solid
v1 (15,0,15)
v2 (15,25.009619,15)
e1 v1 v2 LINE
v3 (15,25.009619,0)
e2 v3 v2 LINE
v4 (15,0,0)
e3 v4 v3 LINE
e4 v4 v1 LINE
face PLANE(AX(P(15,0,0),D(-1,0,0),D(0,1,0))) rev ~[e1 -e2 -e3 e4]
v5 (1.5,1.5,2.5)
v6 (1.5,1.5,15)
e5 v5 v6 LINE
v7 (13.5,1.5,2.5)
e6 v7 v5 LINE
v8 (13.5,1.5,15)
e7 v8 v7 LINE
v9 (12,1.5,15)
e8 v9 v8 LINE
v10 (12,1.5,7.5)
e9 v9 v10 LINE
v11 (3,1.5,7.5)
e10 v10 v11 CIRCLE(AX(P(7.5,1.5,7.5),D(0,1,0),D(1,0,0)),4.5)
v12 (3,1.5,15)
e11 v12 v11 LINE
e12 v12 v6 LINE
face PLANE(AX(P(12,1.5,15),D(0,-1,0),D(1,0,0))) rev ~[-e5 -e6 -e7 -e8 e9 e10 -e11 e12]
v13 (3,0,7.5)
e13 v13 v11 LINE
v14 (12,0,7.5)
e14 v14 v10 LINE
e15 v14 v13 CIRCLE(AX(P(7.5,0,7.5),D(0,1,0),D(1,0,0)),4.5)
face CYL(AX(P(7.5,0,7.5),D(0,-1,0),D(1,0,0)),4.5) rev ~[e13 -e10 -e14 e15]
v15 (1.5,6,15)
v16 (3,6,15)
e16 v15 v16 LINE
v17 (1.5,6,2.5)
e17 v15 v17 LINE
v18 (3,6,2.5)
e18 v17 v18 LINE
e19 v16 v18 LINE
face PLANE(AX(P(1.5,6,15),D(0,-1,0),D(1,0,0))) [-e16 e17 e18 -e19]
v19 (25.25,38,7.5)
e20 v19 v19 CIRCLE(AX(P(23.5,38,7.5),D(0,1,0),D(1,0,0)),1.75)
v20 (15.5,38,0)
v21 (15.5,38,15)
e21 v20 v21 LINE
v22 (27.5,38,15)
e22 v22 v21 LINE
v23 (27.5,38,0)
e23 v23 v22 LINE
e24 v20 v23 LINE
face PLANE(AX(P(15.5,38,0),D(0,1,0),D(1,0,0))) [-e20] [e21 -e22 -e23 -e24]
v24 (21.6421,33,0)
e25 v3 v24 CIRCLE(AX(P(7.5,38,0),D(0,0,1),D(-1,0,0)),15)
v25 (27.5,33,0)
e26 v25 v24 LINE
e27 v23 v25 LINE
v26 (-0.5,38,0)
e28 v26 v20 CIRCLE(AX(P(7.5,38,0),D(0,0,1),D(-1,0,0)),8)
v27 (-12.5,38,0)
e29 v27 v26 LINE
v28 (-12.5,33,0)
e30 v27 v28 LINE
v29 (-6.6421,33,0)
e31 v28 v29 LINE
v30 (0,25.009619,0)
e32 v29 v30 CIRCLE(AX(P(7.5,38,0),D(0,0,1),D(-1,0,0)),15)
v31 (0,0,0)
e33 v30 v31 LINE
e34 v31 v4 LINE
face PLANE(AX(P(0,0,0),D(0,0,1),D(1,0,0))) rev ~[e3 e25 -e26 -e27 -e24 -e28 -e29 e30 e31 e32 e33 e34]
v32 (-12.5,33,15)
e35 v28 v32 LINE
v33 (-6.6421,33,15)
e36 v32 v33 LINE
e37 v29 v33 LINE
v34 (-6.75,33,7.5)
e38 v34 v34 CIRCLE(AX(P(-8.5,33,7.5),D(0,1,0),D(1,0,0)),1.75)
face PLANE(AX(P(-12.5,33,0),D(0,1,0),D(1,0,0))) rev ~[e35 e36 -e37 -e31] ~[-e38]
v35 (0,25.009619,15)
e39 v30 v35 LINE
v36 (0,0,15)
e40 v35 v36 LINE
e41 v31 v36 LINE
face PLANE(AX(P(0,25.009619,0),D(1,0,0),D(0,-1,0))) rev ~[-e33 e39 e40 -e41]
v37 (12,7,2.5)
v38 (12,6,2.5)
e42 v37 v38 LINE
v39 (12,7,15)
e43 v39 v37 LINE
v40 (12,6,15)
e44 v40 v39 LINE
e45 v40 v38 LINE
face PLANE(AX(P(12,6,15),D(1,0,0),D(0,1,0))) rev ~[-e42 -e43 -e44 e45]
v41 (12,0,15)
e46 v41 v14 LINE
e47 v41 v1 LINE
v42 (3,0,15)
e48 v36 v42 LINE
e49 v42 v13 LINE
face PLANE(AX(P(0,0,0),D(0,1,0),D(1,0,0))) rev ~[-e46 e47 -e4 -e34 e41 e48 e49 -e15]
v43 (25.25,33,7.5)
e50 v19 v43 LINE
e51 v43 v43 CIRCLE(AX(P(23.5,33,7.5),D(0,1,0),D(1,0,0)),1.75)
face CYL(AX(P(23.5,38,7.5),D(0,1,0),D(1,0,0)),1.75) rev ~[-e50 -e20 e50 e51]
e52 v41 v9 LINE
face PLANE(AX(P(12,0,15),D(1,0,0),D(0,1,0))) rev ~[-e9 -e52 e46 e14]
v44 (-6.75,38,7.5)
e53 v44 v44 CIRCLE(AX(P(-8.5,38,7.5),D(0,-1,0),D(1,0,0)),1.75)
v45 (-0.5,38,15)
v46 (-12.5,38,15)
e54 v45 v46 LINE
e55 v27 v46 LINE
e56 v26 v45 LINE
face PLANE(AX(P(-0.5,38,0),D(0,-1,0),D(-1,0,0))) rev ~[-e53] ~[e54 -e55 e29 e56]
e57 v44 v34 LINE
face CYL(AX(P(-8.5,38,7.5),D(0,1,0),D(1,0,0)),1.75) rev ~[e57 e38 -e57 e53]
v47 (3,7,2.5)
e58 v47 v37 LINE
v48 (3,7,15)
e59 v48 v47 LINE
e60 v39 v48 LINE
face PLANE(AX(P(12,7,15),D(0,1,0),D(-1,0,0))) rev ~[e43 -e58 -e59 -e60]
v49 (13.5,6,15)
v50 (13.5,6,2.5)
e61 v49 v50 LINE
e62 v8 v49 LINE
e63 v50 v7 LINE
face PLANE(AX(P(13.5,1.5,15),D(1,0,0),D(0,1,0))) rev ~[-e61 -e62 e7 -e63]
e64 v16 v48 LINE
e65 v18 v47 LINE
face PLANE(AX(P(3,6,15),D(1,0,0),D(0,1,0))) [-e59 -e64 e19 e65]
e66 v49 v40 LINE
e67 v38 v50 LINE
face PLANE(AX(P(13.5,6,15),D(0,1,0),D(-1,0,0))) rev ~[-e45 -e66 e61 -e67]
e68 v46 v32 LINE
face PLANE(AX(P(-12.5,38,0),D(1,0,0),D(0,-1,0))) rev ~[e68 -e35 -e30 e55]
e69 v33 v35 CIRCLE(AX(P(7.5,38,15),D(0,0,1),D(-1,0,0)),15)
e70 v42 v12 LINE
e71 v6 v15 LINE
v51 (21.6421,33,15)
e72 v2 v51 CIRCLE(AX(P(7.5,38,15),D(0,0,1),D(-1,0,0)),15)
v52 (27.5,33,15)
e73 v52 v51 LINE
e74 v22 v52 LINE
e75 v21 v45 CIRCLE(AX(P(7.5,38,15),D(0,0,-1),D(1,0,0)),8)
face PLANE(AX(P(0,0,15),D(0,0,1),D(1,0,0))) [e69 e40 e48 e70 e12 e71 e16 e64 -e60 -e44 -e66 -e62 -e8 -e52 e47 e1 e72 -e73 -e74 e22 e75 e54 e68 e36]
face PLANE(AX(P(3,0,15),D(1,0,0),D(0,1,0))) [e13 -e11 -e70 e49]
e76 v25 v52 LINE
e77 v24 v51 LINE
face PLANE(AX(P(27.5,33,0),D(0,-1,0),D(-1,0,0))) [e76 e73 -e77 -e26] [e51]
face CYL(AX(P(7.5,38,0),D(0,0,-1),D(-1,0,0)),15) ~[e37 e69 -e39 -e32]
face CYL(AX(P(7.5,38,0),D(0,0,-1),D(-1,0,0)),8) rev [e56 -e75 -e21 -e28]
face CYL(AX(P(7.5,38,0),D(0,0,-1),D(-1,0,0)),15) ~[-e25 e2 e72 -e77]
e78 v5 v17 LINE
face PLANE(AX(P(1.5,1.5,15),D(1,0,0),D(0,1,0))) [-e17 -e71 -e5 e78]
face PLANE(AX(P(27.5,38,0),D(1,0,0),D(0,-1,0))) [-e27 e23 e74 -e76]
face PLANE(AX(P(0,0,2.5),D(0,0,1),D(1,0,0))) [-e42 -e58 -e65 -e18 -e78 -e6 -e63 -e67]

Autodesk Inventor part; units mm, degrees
ref_plane "YZ Plane" through (0, 0, 0) normal (1, 0, 0) x (0, 1, 0)
ref_plane "XZ Plane" through (0, 0, 0) normal (0, 1, 0) x (-1, 0, 0)
ref_plane "XY Plane" through (0, 0, 0) normal (0, 0, 1) x (1, 0, 0)
sketch "Sketch1" plane through (0, 0, 0) normal (0, 0, 1) x (1, 0, 0)
  line L0 (0, 0) -> (15, 0)
  line L1 (15, 0) -> (15, 30)
  line L2 (15, 30) -> (0, 30)
  line L3 (0, 30) -> (0, 0)
  line L4 (7.5, 30) -> (7.5, 38)
  arc A0 (-0.5, 38) -> (15.5, 38) centre (7.5, 38) ccw
  arc A1 (-7.5, 38) -> (22.5, 38) centre (7.5, 38) ccw
  line L5 (-0.5, 38) -> (-7.5, 38)
  line L6 (15.5, 38) -> (22.5, 38)
  line L7 (22.5, 38) -> (27.5, 38)
  line L8 (27.5, 38) -> (27.5, 33)
  line L9 (27.5, 33) -> (21.6421, 33)
  line L10 (-7.5, 38) -> (-12.5, 38)
  line L11 (-12.5, 38) -> (-12.5, 33)
  line L12 (-12.5, 33) -> (-6.6421, 33)
  dimension "d0" = 15
  dimension "d1" = 30
  dimension "d2" = 8
  dimension "d3" = 16
  dimension "d4" = 30
  dimension "d5" = 5
  dimension "d6" = 5
  dimension "d7" = 5
  dimension "d8" = 5
extrude "Extrusion1" add sketch "Sketch1" along normal blind 15
sketch "Sketch2" plane through (0, 0, 15) normal (0, 0, 1) x (1, 0, 0)
  line L0 (0, 0) -> (15, 0) projected
  line L1 (7.5, 0) -> (3, 0)
  line L2 (3, 0) -> (3, 1.5)
  line L3 (3, 1.5) -> (1.5, 1.5)
  line L4 (1.5, 1.5) -> (1.5, 6)
  line L5 (1.5, 6) -> (3, 6)
  line L6 (3, 6) -> (3, 7)
  line L7 (7.5, 0) -> (12, 0)
  line L8 (12, 0) -> (12, 1.5)
  line L9 (12, 1.5) -> (13.5, 1.5)
  line L10 (13.5, 1.5) -> (13.5, 6)
  line L11 (13.5, 6) -> (12, 6)
  line L12 (12, 6) -> (12, 7)
  line L13 (12, 7) -> (3, 7)
  dimension "d11" = 4.5
  dimension "d12" = 1.5
  dimension "d13" = 1.5
  dimension "d14" = 4.5
  dimension "d15" = 1.5
  dimension "d16" = 1
  dimension "d17" = 4.5
  dimension "d18" = 1.5
sketch "Sketch3" plane through (0, 0, 0) normal (0, -1, 0) x (1, 0, 0)
  line L0 (-0.5, 15) -> (15.5, 15) projected
  line L1 (7.5, 15) -> (7.5, 7.5)
  circle A0 centre (7.5, 7.5) radius 4.5
  point P0 (0, 0)
  dimension "d19" = 7.5
  dimension "d20" = 9
extrude "Extrusion2" cut sketch "Sketch3" against normal blind 1.5
sketch "Sketch4" plane through (7.5, 1.5, 7.5) normal (0, -1, 0) x (1, 0, 0)
  point P0 (-7.5, -7.5)
extrude "Extrusion3" cut sketch "Sketch2" against normal blind 7.5
sketch "Sketch5" plane through (0, 0, 7.5) normal (0, 0, 1) x (1, 0, 0)
  line L0 (13.5, 6) -> (13.5, 1.5) projected
  line L1 (3, 1.5) -> (1.5, 1.5) projected
  line L2 (13.5, 1.5) -> (1.5, 1.5)
  line L3 (1.5, 1.5) -> (1.5, 6) projected
  line L4 (1.5, 1.5) -> (1.5, 6)
  line L5 (1.5, 6) -> (3, 6) projected
  line L6 (1.5, 6) -> (3, 6)
  line L7 (3, 7) -> (12, 7) projected
  line L8 (3, 6) -> (3, 7)
  line L9 (3, 7) -> (12, 7)
  line L10 (12, 6) -> (13.5, 6) projected
  line L11 (12, 7) -> (12, 6)
  line L12 (12, 6) -> (13.5, 6)
  line L13 (13.5, 6) -> (13.5, 1.5)
  point P0 (0, 0)
extrude "Extrusion4" cut sketch "Sketch5" against normal blind 5
sketch "Sketch6" plane through (-12.5, 38, 0) normal (0, 1, 0) x (1, 0, 0)
  line L0 (0, 0) -> (0, -15) projected
  line L1 (0, -7.5) -> (4, -7.5)
  line L2 (40, 0) -> (40, -15) projected
  line L3 (40, -7.5) -> (36, -7.5)
  circle A0 centre (4, -7.5) radius 1.75
  circle A1 centre (36, -7.5) radius 1.75
  point P0 (12.5, 0)
  dimension "d27" = 4
  dimension "d28" = 4
  dimension "d29" = 3.5
  dimension "d30" = 3.5
extrude "Extrusion5" cut sketch "Sketch6" against normal through all
properties part number "prism_holder_1"
